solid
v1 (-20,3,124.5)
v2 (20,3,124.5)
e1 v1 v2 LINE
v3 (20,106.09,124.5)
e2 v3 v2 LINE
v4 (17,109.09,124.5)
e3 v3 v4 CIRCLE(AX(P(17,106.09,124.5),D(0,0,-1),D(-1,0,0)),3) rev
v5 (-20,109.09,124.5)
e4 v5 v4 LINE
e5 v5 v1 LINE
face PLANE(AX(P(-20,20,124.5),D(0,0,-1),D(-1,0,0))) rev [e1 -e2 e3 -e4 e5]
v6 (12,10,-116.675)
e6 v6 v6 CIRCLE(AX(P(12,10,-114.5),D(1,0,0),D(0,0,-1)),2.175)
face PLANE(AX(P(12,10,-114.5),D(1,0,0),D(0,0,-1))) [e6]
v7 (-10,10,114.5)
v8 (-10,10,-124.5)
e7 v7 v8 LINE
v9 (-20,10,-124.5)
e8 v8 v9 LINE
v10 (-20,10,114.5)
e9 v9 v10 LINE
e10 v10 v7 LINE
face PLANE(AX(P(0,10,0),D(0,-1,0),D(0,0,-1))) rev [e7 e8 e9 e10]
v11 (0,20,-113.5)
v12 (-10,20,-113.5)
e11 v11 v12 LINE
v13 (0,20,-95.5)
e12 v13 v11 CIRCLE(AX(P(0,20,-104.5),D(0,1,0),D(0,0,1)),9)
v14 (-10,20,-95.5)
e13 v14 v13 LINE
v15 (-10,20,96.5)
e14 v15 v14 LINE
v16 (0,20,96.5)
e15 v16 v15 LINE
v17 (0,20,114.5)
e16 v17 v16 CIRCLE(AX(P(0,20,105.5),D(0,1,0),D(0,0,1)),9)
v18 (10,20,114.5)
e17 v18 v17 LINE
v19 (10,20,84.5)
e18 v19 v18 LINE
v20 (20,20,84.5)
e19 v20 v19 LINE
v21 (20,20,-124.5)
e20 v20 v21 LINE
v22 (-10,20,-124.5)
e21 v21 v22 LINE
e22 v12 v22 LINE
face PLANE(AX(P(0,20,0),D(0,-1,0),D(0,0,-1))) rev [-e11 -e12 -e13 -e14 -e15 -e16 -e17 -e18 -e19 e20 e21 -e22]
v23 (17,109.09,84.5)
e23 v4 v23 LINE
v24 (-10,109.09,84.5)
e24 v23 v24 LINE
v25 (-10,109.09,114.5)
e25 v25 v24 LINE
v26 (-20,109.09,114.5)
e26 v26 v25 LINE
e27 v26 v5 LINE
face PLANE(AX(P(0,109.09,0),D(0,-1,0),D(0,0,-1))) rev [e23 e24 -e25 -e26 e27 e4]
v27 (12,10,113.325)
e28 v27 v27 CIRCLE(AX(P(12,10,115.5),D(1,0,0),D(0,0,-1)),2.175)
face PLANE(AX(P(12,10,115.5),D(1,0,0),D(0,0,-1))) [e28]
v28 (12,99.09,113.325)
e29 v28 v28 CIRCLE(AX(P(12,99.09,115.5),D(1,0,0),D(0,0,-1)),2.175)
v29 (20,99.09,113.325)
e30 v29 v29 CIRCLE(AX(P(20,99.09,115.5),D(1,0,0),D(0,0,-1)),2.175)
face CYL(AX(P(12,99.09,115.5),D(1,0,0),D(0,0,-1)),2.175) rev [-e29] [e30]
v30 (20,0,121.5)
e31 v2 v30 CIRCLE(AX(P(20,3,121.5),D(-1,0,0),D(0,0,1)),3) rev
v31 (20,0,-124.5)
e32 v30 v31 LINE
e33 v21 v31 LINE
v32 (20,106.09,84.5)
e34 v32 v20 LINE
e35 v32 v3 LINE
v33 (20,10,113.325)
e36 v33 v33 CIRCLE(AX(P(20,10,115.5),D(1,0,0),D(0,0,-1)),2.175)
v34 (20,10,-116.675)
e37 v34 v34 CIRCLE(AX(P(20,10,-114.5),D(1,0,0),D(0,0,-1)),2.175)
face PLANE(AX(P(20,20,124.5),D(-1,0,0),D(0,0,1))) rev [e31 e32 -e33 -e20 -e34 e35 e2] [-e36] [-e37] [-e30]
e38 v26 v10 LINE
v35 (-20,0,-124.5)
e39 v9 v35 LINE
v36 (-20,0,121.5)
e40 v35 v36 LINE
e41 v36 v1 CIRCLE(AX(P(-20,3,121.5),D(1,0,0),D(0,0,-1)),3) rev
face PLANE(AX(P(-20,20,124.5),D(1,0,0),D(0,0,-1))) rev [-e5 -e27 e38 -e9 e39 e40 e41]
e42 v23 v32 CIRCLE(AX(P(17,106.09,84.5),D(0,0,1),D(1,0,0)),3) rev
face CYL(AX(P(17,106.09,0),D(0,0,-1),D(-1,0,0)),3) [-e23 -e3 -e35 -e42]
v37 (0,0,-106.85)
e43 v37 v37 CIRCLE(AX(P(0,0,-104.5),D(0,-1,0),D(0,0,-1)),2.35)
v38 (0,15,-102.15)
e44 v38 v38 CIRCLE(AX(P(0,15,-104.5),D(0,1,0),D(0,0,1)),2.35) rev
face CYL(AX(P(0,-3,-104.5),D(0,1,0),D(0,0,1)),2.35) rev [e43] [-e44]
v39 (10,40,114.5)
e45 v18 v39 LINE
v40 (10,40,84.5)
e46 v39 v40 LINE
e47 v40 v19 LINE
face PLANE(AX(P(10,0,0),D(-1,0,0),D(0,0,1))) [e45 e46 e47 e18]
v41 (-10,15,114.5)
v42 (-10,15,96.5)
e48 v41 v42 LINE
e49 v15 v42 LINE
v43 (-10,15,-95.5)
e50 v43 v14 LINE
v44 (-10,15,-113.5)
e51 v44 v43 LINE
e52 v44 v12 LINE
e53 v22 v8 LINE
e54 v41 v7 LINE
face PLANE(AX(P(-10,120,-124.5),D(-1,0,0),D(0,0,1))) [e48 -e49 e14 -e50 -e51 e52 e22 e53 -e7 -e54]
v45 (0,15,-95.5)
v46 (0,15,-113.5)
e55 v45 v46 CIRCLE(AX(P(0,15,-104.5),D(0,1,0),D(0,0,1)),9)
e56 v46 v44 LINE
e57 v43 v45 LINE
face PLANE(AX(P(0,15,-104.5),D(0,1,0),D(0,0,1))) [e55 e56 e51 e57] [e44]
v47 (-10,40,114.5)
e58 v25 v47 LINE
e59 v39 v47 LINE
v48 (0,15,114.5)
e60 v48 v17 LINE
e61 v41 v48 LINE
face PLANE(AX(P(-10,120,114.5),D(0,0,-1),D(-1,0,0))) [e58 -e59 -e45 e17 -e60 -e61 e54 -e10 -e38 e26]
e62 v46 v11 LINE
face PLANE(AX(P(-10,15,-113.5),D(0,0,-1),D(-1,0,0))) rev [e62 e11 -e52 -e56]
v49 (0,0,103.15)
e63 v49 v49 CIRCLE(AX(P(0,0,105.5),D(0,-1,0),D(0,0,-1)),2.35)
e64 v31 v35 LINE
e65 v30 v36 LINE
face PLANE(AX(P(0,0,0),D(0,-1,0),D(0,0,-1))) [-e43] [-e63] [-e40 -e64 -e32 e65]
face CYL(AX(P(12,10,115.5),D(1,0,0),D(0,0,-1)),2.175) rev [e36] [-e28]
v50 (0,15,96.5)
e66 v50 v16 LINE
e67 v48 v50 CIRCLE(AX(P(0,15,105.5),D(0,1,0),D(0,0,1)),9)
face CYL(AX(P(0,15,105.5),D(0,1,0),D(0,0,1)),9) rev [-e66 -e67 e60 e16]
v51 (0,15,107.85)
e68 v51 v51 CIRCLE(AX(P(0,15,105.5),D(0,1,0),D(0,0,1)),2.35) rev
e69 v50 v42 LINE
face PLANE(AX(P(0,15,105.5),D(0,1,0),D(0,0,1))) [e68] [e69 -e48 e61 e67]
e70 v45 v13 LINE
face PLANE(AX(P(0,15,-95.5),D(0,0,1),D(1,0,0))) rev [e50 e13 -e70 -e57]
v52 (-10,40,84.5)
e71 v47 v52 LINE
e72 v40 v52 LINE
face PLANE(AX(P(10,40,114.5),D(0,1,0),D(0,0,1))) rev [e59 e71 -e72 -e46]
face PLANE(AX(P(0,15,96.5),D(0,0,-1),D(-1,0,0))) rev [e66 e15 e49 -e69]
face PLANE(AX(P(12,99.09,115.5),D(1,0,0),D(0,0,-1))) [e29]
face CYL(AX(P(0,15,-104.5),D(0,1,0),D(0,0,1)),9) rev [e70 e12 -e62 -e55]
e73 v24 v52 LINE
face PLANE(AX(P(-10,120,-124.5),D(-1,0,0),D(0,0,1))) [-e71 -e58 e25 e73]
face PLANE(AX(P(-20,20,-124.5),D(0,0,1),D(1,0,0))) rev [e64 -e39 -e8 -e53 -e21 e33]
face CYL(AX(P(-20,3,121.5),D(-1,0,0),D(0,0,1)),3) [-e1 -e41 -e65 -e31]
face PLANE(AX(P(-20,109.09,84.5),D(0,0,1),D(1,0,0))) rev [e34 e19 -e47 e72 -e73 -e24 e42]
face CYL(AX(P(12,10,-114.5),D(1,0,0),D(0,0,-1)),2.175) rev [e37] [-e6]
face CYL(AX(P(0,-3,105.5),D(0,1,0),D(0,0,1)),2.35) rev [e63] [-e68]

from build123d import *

# Parameters (mm, degrees)
SKETCH1_W               = 40
SKETCH1_H               = 249
BOSS_EXTRUDE1_DEPTH     = 20
SKETCH2_W               = 40
SKETCH2_H               = 40
BOSS_EXTRUDE2_DEPTH     = 89.09
CUT_EXTRUDE1_DEPTH      = 100
CUT_EXTRUDE1_DEPTH_BACK = 10
SKETCH3_W               = 10
SKETCH3_H               = 239
SKETCH6_W               = 30
SKETCH6_H               = 20
CUT_EXTRUDE4_DEPTH      = 20
SKETCH4_R               = 2.35
CUT_EXTRUDE2_DEPTH      = 23
CUT_EXTRUDE3_DEPTH      = 5
SKETCH7_R               = 2.175
CUT_EXTRUDE5_DEPTH      = 8
FILLET1_R               = 3


with BuildPart() as part:
    # Sketch1 → Boss-Extrude1 (new body)
    with BuildSketch(Plane(origin=(0, 0, 0), x_dir=(1, 0, 0), z_dir=(0, 1, 0))):
        Rectangle(SKETCH1_W, SKETCH1_H)
    extrude(amount=BOSS_EXTRUDE1_DEPTH)

    # Sketch2 → Boss-Extrude2 (add)
    with BuildSketch(Plane(origin=(0, 20, 0), x_dir=(1, 0, 0), z_dir=(0, 1, 0))):
        with Locations((0, -104.5)):
            Rectangle(SKETCH2_W, SKETCH2_H)
    extrude(amount=BOSS_EXTRUDE2_DEPTH)

    # Sketch3 → Cut-Extrude1 (cut, two sides: drawn at the far end of the back side and taken through both)
    with BuildSketch(Plane(origin=(0, 20, 0), x_dir=(1, 0, 0), z_dir=(0, 1, 0)).offset(-CUT_EXTRUDE1_DEPTH_BACK)):
        with Locations((-15, 5)):
            Rectangle(SKETCH3_W, SKETCH3_H)
    extrude(amount=CUT_EXTRUDE1_DEPTH + CUT_EXTRUDE1_DEPTH_BACK, mode=Mode.SUBTRACT)

    # Sketch6 → Cut-Extrude4 (cut)
    with BuildSketch(Plane.ZY.offset(10)):
        with Locations((99.5, 30)):
            Rectangle(SKETCH6_W, SKETCH6_H)
    extrude(amount=-CUT_EXTRUDE4_DEPTH, mode=Mode.SUBTRACT)

    # Sketch4 → Cut-Extrude2 (cut)
    with BuildSketch(Plane(origin=(0, 20, 0), x_dir=(1, 0, 0), z_dir=(0, 1, 0))):
        with Locations(Location((0, 104.5, 0), (0, 0, 270))):
            Circle(SKETCH4_R)
        with Locations(Location((0, -105.5, 0), (0, 0, 270))):
            Circle(SKETCH4_R)
    extrude(amount=-CUT_EXTRUDE2_DEPTH, mode=Mode.SUBTRACT)

    # Sketch5 → Cut-Extrude3 (cut)
    with BuildSketch(Plane(origin=(0, 20, 0), x_dir=(1, 0, 0), z_dir=(0, 1, 0))):
        with BuildLine():
            Line((0, 95.5), (-10, 95.5))
            Line((-10, 95.5), (-10, 113.5))
            Line((-10, 113.5), (0, 113.5))
            ThreePointArc((0, 113.5), (9, 104.5), (0, 95.5))
        make_face()
        with BuildLine():
            Line((0, -96.5), (-20, -96.5))
            Line((-20, -96.5), (-20, -114.5))
            Line((-20, -114.5), (0, -114.5))
            ThreePointArc((0, -114.5), (9, -105.5), (0, -96.5))
        make_face()
    extrude(amount=-CUT_EXTRUDE3_DEPTH, mode=Mode.SUBTRACT)

    # Sketch7 → Cut-Extrude5 (cut)
    with BuildSketch(Plane(origin=(20, 0, 0), x_dir=(0, 0, -1), z_dir=(1, 0, 0))):
        with Locations((114.5, 10)):
            Circle(SKETCH7_R)
        with Locations((-115.5, 10)):
            Circle(SKETCH7_R)
        with Locations((-115.5, 99.09)):
            Circle(SKETCH7_R)
    extrude(amount=-CUT_EXTRUDE5_DEPTH, mode=Mode.SUBTRACT)

    # Fillet1
    fillet1_edges = [part.edges().sort_by_distance(p)[0] for p in [
        (20, 109.09, 104.5),
        (0, 0, 124.5),
    ]]
    fillet(fillet1_edges, radius=FILLET1_R)


solid = part.part
